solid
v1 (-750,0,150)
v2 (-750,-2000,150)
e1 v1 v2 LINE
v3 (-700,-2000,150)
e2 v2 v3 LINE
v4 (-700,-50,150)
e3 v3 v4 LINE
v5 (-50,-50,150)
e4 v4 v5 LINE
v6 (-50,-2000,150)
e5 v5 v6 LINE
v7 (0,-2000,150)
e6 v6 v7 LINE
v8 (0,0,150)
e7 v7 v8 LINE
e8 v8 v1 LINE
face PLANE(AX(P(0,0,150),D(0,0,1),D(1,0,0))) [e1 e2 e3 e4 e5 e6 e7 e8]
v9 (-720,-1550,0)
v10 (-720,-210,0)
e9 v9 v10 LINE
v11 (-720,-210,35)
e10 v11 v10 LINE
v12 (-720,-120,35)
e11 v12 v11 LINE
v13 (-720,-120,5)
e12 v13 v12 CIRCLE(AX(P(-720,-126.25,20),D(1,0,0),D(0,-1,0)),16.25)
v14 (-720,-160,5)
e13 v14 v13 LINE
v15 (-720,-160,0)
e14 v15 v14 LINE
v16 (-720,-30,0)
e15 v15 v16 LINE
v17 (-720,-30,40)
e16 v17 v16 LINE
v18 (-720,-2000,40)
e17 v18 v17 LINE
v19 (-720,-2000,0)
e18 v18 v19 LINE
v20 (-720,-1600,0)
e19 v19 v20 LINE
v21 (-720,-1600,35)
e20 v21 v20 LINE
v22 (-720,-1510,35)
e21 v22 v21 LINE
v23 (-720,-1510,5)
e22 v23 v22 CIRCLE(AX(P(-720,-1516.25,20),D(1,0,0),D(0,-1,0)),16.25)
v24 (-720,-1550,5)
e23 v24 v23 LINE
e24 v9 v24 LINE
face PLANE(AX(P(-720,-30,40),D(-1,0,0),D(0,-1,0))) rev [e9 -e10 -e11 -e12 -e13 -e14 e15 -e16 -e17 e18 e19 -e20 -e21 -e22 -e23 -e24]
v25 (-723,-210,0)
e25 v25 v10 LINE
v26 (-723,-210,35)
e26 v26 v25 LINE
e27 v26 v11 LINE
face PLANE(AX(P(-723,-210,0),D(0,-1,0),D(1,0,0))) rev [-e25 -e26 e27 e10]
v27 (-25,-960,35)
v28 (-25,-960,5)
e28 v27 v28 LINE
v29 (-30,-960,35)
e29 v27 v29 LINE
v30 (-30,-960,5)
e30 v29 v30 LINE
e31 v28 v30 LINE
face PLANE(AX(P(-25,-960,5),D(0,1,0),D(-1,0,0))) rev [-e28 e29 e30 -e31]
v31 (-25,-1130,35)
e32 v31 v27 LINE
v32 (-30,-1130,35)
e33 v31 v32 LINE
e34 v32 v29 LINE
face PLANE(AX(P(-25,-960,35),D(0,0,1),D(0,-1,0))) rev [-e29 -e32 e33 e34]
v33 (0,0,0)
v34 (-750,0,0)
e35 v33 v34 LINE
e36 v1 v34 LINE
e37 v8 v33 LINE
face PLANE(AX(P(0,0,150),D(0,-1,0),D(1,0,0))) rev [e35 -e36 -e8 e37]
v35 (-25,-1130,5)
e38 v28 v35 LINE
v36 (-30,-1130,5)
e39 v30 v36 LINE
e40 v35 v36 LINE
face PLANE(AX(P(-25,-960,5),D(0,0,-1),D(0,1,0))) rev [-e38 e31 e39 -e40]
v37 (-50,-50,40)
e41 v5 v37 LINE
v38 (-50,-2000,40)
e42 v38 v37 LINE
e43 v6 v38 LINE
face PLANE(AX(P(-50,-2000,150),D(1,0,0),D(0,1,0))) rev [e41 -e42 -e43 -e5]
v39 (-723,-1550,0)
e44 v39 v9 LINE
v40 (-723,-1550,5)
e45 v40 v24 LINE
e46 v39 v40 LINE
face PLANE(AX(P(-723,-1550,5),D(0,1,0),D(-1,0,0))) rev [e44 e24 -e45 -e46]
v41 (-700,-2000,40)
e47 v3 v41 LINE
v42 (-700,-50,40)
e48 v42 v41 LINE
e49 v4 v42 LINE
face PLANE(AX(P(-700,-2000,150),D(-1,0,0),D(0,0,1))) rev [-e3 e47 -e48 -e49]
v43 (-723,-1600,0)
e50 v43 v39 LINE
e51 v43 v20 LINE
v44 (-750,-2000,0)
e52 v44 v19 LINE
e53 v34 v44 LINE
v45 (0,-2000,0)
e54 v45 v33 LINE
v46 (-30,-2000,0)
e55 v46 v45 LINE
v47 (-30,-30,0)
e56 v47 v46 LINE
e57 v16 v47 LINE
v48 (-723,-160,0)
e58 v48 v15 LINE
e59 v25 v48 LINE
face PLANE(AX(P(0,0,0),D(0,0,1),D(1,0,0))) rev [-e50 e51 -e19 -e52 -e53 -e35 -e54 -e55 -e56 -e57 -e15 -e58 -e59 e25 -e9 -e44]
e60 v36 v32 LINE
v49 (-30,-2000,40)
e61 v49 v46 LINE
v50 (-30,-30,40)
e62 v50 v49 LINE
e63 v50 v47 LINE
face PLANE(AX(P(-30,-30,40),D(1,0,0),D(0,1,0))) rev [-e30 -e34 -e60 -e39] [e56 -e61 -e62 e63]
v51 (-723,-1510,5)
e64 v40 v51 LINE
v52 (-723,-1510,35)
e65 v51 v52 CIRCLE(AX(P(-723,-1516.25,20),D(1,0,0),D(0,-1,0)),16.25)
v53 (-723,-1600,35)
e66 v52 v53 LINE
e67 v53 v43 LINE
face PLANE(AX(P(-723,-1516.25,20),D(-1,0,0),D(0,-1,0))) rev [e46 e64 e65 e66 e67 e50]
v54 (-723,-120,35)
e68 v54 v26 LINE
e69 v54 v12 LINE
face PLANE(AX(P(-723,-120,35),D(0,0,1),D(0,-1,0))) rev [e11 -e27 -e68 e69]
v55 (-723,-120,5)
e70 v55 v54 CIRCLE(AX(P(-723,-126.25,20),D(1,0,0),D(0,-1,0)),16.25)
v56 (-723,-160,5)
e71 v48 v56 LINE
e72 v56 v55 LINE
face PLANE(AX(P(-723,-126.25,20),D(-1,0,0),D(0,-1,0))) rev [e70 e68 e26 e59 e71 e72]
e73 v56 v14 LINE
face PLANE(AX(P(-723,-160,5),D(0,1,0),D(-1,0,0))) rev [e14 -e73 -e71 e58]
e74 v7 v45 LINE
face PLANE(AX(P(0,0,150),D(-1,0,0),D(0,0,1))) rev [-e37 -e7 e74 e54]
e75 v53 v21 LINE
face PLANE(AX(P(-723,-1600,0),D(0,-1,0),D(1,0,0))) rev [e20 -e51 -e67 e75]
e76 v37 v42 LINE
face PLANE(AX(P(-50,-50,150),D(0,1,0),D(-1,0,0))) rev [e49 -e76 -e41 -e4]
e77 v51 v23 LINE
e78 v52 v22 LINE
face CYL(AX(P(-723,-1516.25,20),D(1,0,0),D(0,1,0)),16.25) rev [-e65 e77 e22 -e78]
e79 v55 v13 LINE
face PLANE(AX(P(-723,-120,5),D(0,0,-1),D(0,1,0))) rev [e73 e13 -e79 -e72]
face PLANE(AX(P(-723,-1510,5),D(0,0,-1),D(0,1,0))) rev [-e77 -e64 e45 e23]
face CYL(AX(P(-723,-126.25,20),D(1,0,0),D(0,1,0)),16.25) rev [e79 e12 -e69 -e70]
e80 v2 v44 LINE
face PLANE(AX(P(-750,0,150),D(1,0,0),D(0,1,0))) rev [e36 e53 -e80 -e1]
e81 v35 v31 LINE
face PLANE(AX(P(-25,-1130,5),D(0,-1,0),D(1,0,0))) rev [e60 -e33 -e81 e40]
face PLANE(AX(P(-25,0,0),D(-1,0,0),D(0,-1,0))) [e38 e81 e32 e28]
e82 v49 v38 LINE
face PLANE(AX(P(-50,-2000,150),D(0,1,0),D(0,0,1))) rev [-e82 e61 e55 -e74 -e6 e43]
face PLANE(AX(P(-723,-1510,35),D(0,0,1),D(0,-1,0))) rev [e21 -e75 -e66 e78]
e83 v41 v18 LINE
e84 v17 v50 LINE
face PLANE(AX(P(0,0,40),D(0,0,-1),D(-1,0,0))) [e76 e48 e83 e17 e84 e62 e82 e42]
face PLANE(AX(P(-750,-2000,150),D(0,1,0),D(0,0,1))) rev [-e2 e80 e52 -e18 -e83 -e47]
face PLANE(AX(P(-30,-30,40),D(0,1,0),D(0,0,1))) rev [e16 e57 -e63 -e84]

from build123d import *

# Parameters (mm, degrees)
BOSS_EXTRUDE1_DEPTH = 150
SKETCH4_W           = 690
SKETCH4_H           = 1970
CUT_EXTRUDE1_DEPTH  = 40
SKETCH5_W           = 30
SKETCH5_H           = 170
CUT_EXTRUDE2_DEPTH  = 5
CUT_EXTRUDE3_DEPTH  = 3


with BuildPart() as part:
    # Sketch1 → Boss-Extrude1 (new body)
    with BuildSketch(Plane.XY):
        Polygon((0, 0), (-750, 0), (-750, -2000), (-700, -2000), (-700, -50), (-50, -50), (-50, -2000), (0, -2000), align=None)
    extrude(amount=BOSS_EXTRUDE1_DEPTH)

    # Sketch4 → Cut-Extrude1 (cut)
    with BuildSketch(Plane(origin=(0, 0, 0), x_dir=(-1, 0, 0), z_dir=(0, 0, -1))):
        with Locations((375, -1015)):
            Rectangle(SKETCH4_W, SKETCH4_H)
    extrude(amount=-CUT_EXTRUDE1_DEPTH, mode=Mode.SUBTRACT)

    # Sketch5 → Cut-Extrude2 (cut)
    with BuildSketch(Plane.ZY.offset(30)):
        with Locations((20, -1045)):
            Rectangle(SKETCH5_W, SKETCH5_H)
    extrude(amount=-CUT_EXTRUDE2_DEPTH, mode=Mode.SUBTRACT)

    # Sketch6 → Cut-Extrude3 (cut)
    with BuildSketch(Plane(origin=(-720, 0, 0), x_dir=(0, 0, -1), z_dir=(1, 0, 0))):
        with BuildLine():
            Line((-35, -120), (-35, -210))
            Line((-35, -210), (0, -210))
            Line((0, -210), (0, -160))
            Line((0, -160), (-5, -160))
            Line((-5, -160), (-5, -120))
            ThreePointArc((-5, -120), (-20, -110), (-35, -120))
        make_face()
        with BuildLine():
            Line((-35, -1510), (-35, -1600))
            Line((-35, -1600), (0, -1600))
            Line((0, -1600), (0, -1550))
            Line((0, -1550), (-5, -1550))
            Line((-5, -1550), (-5, -1510))
            ThreePointArc((-5, -1510), (-20, -1500), (-35, -1510))
        make_face()
    extrude(amount=-CUT_EXTRUDE3_DEPTH, mode=Mode.SUBTRACT)


solid = part.part
